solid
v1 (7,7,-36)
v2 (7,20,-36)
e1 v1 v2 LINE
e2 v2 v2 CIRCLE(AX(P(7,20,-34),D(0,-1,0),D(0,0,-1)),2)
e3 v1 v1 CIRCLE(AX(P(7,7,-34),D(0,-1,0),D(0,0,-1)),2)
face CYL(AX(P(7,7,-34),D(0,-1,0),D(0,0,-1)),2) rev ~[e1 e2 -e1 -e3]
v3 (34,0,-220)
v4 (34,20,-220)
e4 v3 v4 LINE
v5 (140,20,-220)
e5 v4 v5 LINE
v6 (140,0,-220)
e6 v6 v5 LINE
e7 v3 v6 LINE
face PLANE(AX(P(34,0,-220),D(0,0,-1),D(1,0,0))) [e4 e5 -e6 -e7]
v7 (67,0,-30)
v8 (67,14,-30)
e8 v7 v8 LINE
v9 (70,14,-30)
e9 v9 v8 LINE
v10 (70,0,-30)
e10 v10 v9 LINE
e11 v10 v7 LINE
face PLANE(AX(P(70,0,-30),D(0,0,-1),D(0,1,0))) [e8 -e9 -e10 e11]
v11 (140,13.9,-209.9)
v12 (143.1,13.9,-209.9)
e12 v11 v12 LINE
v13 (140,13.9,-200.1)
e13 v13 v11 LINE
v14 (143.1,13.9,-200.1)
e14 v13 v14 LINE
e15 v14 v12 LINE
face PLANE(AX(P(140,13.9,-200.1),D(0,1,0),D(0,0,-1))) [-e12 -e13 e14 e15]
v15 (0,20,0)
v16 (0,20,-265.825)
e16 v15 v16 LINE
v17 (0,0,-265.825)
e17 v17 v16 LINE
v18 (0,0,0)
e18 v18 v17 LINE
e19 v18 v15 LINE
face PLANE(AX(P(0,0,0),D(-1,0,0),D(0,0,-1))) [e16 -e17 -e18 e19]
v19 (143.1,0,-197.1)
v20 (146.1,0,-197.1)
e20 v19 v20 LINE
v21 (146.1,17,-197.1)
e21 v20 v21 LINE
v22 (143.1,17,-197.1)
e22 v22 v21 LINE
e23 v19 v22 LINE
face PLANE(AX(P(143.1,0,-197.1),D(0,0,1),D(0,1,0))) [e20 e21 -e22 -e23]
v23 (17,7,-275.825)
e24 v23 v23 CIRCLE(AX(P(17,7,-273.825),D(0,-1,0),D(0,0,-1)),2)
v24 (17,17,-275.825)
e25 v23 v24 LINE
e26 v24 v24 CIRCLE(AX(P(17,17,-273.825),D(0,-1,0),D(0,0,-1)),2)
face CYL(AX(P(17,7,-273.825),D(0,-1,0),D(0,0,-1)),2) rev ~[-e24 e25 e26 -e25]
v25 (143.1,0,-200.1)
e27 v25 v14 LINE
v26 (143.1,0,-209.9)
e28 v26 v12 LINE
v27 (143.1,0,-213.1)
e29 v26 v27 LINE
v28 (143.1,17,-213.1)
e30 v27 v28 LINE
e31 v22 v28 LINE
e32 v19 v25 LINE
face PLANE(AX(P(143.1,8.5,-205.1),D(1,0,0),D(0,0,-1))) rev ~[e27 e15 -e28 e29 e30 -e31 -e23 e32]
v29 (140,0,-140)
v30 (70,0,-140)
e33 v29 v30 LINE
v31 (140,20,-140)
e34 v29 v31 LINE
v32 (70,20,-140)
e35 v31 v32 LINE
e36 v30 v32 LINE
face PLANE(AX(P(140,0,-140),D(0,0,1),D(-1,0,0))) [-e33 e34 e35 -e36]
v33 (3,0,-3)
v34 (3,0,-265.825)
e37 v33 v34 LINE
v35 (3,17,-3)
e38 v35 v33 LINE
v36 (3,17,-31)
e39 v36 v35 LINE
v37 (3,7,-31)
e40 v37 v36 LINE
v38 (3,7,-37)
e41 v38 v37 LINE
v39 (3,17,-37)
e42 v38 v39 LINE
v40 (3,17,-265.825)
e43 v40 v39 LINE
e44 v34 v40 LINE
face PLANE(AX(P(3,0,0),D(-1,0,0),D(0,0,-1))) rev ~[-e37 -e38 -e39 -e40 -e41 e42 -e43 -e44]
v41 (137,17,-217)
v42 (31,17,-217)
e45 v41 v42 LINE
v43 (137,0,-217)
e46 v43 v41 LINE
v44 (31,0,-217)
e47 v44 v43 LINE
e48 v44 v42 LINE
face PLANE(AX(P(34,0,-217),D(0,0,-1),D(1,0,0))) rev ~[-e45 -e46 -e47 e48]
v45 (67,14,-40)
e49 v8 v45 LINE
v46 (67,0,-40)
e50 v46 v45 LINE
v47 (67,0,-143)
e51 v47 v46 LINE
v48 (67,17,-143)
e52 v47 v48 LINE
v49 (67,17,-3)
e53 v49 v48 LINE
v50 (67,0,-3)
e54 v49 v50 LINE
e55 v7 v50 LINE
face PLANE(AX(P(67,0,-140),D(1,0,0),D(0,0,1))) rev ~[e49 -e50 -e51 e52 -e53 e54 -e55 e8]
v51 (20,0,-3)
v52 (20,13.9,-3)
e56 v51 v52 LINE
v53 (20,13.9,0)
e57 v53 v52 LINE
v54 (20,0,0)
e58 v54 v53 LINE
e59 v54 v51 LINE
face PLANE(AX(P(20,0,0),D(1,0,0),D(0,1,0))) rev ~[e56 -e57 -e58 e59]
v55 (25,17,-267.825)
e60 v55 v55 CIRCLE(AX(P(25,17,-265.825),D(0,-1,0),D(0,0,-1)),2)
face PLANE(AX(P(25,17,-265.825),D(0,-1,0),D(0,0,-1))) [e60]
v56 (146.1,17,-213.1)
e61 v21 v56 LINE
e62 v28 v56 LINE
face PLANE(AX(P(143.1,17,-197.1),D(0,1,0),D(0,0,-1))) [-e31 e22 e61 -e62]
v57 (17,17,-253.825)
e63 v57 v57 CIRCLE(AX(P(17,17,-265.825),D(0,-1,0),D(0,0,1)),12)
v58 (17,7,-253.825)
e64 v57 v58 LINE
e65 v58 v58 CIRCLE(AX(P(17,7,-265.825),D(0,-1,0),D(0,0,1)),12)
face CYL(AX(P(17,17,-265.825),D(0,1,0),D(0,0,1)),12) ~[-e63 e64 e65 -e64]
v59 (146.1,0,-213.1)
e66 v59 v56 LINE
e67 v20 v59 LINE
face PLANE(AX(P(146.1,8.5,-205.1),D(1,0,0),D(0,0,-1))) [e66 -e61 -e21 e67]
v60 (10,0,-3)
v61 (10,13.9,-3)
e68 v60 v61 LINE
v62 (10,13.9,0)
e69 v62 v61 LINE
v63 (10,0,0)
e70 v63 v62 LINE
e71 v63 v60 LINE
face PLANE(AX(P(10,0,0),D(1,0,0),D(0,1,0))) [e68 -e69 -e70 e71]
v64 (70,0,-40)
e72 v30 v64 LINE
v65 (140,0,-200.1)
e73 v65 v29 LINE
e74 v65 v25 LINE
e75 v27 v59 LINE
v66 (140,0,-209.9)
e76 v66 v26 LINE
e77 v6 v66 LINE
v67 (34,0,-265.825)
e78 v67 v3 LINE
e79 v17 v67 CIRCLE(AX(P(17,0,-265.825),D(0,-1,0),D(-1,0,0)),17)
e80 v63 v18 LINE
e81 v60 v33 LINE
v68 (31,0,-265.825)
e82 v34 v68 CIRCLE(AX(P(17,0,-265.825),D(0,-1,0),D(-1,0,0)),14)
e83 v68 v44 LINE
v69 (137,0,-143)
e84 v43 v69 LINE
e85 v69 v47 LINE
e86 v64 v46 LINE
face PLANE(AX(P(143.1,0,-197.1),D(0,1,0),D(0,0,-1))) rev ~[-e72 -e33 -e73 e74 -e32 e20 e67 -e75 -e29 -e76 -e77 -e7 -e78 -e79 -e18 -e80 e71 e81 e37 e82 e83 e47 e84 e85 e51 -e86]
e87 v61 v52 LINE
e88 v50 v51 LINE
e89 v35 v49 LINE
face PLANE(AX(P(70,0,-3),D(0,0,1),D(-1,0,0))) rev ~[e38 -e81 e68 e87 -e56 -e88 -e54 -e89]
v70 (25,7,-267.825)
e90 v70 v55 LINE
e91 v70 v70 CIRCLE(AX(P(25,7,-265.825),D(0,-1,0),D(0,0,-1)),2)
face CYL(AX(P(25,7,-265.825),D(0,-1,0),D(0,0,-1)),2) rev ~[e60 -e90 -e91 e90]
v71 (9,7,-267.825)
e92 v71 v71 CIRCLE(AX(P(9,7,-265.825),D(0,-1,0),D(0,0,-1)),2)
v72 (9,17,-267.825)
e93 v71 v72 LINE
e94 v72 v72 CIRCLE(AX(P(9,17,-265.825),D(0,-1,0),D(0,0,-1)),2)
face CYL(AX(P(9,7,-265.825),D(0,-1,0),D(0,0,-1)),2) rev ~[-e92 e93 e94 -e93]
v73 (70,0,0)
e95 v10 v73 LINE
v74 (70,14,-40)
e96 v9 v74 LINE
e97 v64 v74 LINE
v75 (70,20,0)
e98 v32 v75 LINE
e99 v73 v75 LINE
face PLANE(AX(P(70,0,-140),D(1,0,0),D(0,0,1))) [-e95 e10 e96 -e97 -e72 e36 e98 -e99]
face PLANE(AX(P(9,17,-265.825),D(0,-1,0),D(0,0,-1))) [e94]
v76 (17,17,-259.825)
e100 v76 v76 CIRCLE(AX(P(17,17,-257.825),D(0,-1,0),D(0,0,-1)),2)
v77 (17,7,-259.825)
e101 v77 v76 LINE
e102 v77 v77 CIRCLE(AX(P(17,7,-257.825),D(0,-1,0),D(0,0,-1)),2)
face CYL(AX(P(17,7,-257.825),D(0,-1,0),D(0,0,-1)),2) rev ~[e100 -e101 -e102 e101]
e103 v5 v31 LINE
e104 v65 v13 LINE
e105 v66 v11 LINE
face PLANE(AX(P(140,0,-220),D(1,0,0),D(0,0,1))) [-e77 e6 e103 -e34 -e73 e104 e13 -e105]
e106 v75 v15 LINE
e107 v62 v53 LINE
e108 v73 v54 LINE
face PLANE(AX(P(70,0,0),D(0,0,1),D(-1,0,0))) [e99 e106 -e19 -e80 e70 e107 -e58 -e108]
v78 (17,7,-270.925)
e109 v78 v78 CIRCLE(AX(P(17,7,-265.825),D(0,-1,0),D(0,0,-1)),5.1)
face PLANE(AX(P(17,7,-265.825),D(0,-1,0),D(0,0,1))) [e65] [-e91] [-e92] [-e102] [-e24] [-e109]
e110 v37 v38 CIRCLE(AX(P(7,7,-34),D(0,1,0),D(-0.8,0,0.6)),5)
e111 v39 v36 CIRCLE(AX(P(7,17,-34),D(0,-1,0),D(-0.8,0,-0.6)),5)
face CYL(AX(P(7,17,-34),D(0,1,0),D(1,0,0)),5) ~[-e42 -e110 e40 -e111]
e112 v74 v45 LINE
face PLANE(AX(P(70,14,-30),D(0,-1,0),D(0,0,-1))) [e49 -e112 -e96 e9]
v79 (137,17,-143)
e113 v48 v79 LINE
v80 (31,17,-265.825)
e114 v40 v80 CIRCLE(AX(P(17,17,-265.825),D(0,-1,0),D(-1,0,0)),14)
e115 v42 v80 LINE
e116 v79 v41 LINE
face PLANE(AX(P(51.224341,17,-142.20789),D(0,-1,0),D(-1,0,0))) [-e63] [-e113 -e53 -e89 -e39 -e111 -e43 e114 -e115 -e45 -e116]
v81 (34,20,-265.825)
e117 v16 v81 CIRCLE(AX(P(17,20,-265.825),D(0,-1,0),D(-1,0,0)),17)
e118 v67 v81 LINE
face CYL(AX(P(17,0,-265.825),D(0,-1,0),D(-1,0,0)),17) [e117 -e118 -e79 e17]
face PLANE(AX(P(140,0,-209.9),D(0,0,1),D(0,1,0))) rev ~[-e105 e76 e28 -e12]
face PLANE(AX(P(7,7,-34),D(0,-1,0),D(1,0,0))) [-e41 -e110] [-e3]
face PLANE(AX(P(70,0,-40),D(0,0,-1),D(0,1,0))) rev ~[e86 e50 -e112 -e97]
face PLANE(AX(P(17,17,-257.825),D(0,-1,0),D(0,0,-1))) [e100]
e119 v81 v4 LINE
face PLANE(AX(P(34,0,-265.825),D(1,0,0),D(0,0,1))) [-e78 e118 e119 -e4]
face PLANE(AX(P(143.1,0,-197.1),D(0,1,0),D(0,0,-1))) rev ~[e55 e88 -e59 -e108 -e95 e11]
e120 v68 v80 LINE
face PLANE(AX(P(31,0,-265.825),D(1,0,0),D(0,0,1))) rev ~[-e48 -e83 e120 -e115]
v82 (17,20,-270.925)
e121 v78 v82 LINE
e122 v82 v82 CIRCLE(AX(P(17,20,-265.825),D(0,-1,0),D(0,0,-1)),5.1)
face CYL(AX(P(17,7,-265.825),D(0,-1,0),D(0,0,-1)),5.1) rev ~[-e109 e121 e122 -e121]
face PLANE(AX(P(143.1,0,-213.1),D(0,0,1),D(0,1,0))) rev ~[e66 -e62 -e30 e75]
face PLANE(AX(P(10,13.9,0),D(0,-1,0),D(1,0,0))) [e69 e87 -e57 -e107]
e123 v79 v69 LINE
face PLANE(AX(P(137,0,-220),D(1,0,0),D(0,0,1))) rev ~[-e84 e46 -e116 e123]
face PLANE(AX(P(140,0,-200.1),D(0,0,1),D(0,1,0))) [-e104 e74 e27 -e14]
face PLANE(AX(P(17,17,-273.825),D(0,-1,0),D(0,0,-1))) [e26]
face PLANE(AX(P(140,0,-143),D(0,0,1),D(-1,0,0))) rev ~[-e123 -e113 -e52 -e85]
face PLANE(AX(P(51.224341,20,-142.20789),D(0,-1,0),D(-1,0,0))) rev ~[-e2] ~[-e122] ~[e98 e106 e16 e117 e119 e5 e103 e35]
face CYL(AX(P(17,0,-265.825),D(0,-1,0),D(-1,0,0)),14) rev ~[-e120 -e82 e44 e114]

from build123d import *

# Parameters (mm, degrees)
CORNERBOSS_EXTRUDE1_DEPTH               = 20
SHELL2_T                                = -3
PADSKETCH3_R                            = 12
PADSKETCH3_R_2                          = 5
PADBOSS_EXTRUDE2_DEPTH                  = 10
STEPPERSHAFTHOLESKETCH4_R               = 5.1
STEPPERSHAFTHOLESKETCH4_R_2             = 2
STEPPERSHAFTCUT_EXTRUDE2_DEPTH          = 316.846451025
THREADEDNUTMOUNTHOLESSKETCH5_R          = 2
THREADEDNUTMOUNTHOLESCUT_EXTRUDE4_DEPTH = 10
TRPEGSKETCH1_W                          = 9.8
TRPEGSKETCH1_H                          = 13.9
TRPEGBOSS_EXTRUDE1_DEPTH                = 3.1
TRPEGCAPSKETCH2_W                       = 16
TRPEGCAPSKETCH2_H                       = 17
TRPEGCAPBOSS_EXTRUDE2_DEPTH             = 3
BOTTOMPEGHOLESKETCH3_W                  = 10
BOTTOMPEGHOLESKETCH3_H                  = 13.9
BOTTOMPEGHOLECUT_EXTRUDE1_DEPTH         = 3
BEDCENTERPEGHOLECUTSKETCH1_W            = 10
BEDCENTERPEGHOLECUTSKETCH1_H            = 14
BEDCENTERPEGHOLECUT_EXTRUDE1_DEPTH      = 3


with BuildPart() as part:
    # CornerrSketch1 → CornerBoss-Extrude1 (new body)
    with BuildSketch(Plane(origin=(0, 0, 0), x_dir=(1, 0, 0), z_dir=(0, 1, 0))):
        with BuildLine():
            Line((140, 220), (140, 140))
            Line((140, 140), (70, 140))
            Line((70, 140), (70, 0))
            Line((70, 0), (0, 0))
            Line((0, 0), (0, 265.825))
            ThreePointArc((0, 265.825), (17, 282.825), (34, 265.825))
            Line((34, 265.825), (34, 220))
            Line((34, 220), (140, 220))
        make_face()
    extrude(amount=CORNERBOSS_EXTRUDE1_DEPTH)

    # Shell2
    shell2_openings = [part.faces().sort_by_distance(p)[0] for p in [
        (50.460788317, 0, -139.249856422),
    ]]
    offset(amount=SHELL2_T, openings=shell2_openings, kind=Kind.INTERSECTION)

    # PadSketch3 → PadBoss-Extrude2 (add)
    with BuildSketch(Plane.XZ.offset(-17)):
        with Locations(Location((17, -265.825, 0), (0, 0, 90))):
            Circle(PADSKETCH3_R)
        with Locations((7, -34)):
            Circle(PADSKETCH3_R_2)
    extrude(amount=PADBOSS_EXTRUDE2_DEPTH)

    # StepperShaftHoleSketch4 → StepperShaftCut-Extrude2 (cut, through all)
    with BuildSketch(Plane.XZ.offset(-7)):
        with Locations(Location((17, -265.825, 0), (0, 0, 270))):
            Circle(STEPPERSHAFTHOLESKETCH4_R)
        with Locations(Location((7, -34, 0), (0, 0, 270))):
            Circle(STEPPERSHAFTHOLESKETCH4_R_2)
    extrude(amount=-STEPPERSHAFTCUT_EXTRUDE2_DEPTH, mode=Mode.SUBTRACT)

    # ThreadedNutMountHolesSketch5 → ThreadedNutMountHolesCut-Extrude4 (cut)
    with BuildSketch(Plane(origin=(0, 7, 0), x_dir=(-1, 0, 0), z_dir=(0, -1, 0))):
        with Locations(Location((-17, 273.825, 0), (0, 0, 90))):
            Circle(THREADEDNUTMOUNTHOLESSKETCH5_R)
        with Locations(Location((-9, 265.825, 0), (0, 0, 90))):
            Circle(THREADEDNUTMOUNTHOLESSKETCH5_R)
        with Locations(Location((-17, 257.825, 0), (0, 0, 90))):
            Circle(THREADEDNUTMOUNTHOLESSKETCH5_R)
        with Locations(Location((-25, 265.825, 0), (0, 0, 90))):
            Circle(THREADEDNUTMOUNTHOLESSKETCH5_R)
    extrude(amount=-THREADEDNUTMOUNTHOLESCUT_EXTRUDE4_DEPTH, mode=Mode.SUBTRACT)

    # TRPegSketch1 → TRPegBoss-Extrude1 (add)
    with BuildSketch(Plane(origin=(140, 0, 0), x_dir=(0, 0, -1), z_dir=(1, 0, 0))):
        with Locations((205, 6.95)):
            Rectangle(TRPEGSKETCH1_W, TRPEGSKETCH1_H)
    extrude(amount=TRPEGBOSS_EXTRUDE1_DEPTH)

    # TRPegCapSketch2 → TRPegCapBoss-Extrude2 (add)
    with BuildSketch(Plane(origin=(143.1, 0, 0), x_dir=(0, 0, -1), z_dir=(1, 0, 0))):
        with Locations((205.1, 8.5)):
            Rectangle(TRPEGCAPSKETCH2_W, TRPEGCAPSKETCH2_H)
    extrude(amount=TRPEGCAPBOSS_EXTRUDE2_DEPTH)

    # BottomPegHoleSketch3 → BottomPegHoleCut-Extrude1 (cut)
    with BuildSketch(Plane.XY):
        with Locations((15, 6.95)):
            Rectangle(BOTTOMPEGHOLESKETCH3_W, BOTTOMPEGHOLESKETCH3_H)
    extrude(amount=-BOTTOMPEGHOLECUT_EXTRUDE1_DEPTH, mode=Mode.SUBTRACT)

    # BedCenterPegHoleCutSketch1 → BedCenterPegHoleCut-Extrude1 (cut)
    with BuildSketch(Plane(origin=(70, 0, 0), x_dir=(0, 0, -1), z_dir=(1, 0, 0))):
        with Locations((35, 7)):
            Rectangle(BEDCENTERPEGHOLECUTSKETCH1_W, BEDCENTERPEGHOLECUTSKETCH1_H)
    extrude(amount=-BEDCENTERPEGHOLECUT_EXTRUDE1_DEPTH, mode=Mode.SUBTRACT)


solid = part.part
